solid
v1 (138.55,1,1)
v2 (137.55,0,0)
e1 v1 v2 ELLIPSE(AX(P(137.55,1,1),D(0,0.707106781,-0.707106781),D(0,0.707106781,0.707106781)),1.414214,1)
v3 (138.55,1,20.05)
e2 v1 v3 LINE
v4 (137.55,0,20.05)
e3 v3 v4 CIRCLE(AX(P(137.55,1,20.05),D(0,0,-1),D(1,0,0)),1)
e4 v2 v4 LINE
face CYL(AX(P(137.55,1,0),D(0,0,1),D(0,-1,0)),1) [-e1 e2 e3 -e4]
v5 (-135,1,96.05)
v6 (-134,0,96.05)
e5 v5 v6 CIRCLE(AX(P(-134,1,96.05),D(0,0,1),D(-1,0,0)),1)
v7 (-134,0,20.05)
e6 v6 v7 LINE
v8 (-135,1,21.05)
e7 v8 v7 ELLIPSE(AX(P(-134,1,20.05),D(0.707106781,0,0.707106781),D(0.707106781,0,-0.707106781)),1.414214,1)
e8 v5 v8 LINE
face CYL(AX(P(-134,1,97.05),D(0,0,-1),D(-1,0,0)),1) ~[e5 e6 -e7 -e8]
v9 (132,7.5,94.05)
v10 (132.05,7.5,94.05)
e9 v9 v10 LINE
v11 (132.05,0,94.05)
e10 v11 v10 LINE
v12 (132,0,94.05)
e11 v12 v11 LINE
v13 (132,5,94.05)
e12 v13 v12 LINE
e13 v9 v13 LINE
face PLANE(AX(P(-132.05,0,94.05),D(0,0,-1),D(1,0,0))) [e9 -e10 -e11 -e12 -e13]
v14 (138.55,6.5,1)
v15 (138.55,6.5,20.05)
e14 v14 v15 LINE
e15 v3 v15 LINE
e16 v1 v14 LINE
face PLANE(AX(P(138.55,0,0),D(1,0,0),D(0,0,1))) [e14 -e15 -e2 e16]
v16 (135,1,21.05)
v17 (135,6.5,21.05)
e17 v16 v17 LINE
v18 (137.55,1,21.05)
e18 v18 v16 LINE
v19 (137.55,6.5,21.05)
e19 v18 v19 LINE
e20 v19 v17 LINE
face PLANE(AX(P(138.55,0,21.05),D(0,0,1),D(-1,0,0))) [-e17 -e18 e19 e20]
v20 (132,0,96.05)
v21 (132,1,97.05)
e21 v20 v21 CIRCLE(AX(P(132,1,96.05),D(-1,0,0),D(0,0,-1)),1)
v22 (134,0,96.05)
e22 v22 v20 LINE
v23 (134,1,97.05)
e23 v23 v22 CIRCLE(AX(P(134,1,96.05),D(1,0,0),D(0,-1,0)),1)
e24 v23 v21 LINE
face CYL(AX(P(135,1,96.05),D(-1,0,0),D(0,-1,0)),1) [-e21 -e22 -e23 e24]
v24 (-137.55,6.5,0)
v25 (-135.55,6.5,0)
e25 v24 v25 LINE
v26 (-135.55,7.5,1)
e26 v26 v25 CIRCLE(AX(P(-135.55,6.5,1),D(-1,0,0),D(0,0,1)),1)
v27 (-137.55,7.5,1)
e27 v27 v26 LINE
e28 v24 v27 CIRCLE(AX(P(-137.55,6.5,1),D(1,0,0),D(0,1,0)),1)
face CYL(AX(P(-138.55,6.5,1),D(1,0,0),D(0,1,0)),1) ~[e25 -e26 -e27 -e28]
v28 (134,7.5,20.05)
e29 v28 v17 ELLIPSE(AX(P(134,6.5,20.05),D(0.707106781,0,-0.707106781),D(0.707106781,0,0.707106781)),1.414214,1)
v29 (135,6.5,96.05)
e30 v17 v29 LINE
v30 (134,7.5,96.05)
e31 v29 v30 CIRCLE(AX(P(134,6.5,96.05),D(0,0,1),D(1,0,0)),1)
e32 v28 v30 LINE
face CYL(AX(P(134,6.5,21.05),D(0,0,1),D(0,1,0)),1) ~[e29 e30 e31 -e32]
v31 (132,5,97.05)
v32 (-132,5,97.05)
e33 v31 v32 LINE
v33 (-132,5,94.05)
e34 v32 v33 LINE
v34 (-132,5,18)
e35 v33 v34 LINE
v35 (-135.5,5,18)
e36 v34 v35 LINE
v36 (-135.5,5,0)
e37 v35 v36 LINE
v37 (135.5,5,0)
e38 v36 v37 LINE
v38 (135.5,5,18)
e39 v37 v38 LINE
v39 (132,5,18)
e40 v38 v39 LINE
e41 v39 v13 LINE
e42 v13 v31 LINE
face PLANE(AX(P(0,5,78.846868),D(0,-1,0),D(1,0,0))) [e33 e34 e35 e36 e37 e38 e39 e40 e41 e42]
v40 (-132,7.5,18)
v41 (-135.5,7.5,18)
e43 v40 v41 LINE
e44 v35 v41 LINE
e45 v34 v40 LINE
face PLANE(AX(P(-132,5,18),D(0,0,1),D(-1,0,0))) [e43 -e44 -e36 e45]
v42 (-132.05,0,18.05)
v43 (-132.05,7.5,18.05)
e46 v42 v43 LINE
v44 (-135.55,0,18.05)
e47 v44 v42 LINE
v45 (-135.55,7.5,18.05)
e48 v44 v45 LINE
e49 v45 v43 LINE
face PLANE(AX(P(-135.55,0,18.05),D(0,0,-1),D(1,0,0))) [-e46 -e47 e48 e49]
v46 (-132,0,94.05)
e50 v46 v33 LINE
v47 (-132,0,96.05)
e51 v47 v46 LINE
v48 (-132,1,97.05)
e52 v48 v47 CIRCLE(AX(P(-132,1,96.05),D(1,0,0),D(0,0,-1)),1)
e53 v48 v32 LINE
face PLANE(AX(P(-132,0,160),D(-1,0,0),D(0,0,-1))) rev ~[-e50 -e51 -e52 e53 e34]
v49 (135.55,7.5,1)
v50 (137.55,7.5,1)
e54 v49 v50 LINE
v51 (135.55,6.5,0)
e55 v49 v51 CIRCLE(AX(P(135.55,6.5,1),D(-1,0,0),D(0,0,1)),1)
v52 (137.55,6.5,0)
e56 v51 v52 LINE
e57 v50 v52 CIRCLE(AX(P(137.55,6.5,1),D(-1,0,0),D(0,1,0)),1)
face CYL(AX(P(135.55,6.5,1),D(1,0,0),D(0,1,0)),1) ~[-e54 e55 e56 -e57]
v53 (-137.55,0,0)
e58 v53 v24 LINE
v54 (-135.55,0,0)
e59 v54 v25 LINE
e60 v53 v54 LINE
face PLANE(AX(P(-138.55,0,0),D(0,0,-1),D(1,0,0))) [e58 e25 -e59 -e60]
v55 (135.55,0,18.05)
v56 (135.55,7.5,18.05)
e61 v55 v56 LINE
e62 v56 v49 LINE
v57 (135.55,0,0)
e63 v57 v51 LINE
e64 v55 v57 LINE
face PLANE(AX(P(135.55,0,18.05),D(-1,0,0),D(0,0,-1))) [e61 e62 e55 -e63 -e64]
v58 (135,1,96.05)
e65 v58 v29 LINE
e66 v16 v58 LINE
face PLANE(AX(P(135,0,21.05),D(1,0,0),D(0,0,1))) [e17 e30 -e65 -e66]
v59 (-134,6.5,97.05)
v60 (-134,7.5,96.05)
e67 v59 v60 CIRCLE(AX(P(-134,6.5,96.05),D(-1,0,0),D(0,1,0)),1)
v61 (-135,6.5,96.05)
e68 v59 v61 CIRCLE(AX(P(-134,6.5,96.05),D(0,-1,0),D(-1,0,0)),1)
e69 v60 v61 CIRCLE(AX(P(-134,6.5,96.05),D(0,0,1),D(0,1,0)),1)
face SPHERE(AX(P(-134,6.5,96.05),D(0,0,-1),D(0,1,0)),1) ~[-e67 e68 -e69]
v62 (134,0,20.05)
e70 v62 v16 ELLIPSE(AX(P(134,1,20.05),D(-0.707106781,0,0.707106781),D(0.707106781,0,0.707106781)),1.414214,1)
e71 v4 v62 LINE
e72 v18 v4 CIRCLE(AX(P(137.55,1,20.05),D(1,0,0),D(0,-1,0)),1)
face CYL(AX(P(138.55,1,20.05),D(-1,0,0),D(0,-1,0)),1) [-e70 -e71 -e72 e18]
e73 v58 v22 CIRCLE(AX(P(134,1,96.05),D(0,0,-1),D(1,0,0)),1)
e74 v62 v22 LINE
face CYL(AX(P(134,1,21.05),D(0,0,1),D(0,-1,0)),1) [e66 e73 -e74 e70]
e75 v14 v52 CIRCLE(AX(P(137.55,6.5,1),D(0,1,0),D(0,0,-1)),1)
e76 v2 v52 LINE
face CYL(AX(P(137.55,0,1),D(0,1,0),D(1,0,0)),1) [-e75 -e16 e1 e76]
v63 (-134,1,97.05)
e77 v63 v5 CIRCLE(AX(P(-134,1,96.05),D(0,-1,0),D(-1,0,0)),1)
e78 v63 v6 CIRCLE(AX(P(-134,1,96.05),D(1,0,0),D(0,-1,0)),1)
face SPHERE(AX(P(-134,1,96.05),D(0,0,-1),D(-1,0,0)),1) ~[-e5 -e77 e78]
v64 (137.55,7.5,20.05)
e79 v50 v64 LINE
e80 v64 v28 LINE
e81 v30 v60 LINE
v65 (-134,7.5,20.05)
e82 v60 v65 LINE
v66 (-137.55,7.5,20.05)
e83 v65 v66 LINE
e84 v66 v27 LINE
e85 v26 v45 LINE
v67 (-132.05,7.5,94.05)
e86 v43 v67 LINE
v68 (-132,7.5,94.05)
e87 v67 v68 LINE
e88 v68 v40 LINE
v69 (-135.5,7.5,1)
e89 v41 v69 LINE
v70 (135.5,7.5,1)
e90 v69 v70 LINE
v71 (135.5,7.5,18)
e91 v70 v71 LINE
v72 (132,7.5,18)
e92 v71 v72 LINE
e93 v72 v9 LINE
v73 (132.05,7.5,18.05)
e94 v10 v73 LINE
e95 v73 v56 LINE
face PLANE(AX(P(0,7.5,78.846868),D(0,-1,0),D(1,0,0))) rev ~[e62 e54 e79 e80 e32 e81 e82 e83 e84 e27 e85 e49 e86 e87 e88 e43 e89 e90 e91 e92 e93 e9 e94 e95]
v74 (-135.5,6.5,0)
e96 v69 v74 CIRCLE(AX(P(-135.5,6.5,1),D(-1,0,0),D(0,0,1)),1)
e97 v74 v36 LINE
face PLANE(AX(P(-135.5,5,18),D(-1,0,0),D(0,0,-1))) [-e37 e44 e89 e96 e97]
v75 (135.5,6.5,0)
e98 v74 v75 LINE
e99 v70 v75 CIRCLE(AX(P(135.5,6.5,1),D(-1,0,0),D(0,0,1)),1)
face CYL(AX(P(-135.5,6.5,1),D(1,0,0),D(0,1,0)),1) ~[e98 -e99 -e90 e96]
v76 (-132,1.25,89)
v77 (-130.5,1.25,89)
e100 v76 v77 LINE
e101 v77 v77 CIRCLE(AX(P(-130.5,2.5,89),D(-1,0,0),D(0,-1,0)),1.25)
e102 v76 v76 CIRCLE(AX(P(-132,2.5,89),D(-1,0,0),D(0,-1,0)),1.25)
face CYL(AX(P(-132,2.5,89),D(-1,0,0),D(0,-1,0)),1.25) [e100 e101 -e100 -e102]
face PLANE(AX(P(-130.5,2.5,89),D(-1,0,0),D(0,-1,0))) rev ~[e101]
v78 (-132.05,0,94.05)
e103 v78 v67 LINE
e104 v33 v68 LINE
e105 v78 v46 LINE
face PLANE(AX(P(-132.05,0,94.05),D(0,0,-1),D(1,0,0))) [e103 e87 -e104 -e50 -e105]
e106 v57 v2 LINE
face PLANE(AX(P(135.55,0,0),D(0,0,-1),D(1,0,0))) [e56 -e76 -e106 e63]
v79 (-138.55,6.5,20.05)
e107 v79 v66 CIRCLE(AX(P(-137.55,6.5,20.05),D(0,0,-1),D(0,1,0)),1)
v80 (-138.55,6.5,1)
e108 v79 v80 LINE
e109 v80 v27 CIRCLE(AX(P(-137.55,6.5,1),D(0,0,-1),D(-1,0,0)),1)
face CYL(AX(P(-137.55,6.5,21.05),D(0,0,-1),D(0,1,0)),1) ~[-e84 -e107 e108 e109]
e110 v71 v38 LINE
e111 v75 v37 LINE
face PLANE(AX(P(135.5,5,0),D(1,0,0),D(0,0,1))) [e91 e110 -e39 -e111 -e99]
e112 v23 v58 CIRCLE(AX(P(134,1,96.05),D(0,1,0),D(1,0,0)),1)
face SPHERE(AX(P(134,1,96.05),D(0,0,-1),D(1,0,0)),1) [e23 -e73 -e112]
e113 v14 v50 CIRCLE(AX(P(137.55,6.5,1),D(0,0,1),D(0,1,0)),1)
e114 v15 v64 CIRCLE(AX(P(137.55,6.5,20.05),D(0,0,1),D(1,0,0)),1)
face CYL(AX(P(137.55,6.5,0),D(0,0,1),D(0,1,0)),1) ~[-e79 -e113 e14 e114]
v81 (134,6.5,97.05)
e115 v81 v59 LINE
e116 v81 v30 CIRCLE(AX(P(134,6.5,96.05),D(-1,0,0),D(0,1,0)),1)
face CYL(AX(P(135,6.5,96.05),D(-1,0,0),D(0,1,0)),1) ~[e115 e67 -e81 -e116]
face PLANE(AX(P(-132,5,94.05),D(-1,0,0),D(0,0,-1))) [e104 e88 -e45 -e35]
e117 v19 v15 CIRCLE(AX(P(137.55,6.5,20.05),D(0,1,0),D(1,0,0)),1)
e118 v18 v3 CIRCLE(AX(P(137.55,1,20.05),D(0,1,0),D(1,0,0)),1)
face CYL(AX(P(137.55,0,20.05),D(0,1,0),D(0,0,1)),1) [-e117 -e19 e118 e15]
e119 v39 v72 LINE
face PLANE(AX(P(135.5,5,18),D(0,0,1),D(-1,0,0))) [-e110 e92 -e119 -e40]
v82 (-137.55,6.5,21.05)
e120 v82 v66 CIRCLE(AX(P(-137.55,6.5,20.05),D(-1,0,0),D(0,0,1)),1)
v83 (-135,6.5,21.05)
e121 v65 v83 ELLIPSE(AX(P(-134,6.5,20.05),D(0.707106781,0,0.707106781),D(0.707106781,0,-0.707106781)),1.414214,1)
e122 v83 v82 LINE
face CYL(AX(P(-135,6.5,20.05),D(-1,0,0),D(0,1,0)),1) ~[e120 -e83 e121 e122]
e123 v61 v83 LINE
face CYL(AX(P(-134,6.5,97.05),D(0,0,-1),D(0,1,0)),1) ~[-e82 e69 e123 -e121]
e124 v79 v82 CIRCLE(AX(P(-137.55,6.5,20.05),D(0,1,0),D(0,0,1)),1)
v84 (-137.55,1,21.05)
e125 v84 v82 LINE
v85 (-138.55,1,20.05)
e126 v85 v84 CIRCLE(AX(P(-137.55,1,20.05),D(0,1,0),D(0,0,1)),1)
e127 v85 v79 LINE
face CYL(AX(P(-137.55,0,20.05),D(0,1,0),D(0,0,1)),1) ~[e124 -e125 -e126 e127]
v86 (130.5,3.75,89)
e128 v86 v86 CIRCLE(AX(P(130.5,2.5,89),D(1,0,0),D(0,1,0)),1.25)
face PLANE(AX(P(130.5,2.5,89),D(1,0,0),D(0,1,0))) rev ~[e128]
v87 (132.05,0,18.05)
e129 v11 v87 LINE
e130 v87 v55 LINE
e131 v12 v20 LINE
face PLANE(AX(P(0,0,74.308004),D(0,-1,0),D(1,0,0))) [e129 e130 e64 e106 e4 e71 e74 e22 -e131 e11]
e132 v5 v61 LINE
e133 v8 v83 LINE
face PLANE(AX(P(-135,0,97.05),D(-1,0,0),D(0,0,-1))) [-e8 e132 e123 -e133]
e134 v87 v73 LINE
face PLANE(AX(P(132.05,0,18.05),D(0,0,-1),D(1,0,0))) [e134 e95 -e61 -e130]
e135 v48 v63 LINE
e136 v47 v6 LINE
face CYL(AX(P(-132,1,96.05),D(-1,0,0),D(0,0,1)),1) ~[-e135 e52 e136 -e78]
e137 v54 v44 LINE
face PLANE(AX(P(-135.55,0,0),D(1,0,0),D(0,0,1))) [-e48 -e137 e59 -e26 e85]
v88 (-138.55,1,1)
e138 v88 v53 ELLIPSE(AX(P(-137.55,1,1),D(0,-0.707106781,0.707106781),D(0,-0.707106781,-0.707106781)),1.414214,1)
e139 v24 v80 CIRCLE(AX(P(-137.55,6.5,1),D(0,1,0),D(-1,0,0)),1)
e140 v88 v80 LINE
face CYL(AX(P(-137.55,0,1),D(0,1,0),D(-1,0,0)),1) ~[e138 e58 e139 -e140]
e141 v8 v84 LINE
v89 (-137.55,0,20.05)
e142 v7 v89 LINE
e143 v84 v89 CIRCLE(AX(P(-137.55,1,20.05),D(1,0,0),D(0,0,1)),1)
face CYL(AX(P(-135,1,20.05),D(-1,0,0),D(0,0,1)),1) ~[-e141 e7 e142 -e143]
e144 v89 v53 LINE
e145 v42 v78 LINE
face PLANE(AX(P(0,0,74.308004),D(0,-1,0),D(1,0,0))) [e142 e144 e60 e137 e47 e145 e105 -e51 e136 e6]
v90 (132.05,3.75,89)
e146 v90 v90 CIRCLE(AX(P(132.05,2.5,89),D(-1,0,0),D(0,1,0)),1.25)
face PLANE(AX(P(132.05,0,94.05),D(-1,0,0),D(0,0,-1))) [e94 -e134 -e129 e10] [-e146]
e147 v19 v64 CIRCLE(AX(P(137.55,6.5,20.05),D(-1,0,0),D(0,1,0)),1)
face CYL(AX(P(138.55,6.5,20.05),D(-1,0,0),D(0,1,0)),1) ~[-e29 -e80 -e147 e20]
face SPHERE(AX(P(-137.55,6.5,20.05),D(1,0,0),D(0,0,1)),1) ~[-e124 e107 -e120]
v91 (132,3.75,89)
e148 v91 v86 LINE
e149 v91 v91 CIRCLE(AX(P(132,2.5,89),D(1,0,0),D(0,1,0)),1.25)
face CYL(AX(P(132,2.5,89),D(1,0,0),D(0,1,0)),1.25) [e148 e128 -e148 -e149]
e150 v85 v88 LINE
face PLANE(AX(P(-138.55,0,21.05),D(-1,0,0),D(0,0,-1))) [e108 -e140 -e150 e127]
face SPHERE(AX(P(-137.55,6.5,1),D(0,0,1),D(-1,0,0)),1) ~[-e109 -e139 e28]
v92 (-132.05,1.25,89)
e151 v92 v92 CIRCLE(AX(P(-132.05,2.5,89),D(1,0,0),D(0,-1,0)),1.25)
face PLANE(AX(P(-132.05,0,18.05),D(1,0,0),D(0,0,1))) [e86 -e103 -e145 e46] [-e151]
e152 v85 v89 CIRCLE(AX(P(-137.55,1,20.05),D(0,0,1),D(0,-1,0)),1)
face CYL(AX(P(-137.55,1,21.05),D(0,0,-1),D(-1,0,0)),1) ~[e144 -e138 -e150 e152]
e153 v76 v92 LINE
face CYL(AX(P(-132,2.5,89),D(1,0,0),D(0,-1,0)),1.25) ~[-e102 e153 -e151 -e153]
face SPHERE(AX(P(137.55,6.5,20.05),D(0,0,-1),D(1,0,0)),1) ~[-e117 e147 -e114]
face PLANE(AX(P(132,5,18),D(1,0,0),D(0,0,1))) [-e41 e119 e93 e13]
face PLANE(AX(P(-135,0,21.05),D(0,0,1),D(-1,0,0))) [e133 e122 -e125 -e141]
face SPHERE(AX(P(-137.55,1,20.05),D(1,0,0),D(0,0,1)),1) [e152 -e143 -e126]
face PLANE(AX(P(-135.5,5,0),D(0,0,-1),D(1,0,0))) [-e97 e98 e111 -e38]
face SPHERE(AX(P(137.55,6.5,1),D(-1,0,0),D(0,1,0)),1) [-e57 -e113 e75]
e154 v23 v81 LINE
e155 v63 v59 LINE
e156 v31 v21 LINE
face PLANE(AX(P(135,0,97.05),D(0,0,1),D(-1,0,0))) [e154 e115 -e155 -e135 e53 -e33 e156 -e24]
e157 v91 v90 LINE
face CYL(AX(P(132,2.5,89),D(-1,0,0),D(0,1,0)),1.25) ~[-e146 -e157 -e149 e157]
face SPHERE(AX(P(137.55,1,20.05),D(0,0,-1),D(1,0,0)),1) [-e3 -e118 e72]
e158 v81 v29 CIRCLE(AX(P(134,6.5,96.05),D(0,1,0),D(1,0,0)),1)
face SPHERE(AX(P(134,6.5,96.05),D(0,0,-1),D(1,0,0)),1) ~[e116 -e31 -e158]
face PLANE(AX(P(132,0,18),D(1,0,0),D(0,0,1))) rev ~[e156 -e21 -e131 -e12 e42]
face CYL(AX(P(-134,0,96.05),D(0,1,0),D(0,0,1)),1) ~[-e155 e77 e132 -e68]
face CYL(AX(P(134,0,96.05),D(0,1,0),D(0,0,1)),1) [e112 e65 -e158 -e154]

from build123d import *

# Parameters (mm, degrees)
F1_DEPTH = 5
F5_DEPTH = 7.5
F6_DEPTH = 2.5
F7_DEPTH = 5
F3_R     = 1.25
F4_R     = 1.25
F8_DEPTH = 1.5
F9_DEPTH = 1.5
F10_R    = 1


with BuildPart() as f1:
    # F0 (on Front) → F1 (new body)
    with BuildSketch(Plane.XZ):
        Polygon((-135.5, 0), (0, 0), (135.5, 0), (135.5, 18), (132, 18), (132, 160), (-132, 160), (-132, 18), (-135.5, 18), align=None)
    extrude(amount=-F1_DEPTH)

    # F2 (on face) → F5 (join)
    with BuildSketch(Plane.XZ):
        Polygon((-138.55, 0), (-135.55, 0), (-135.55, 18.05), (-132.05, 18.05), (-132.05, 94.05), (132.05, 94.05), (132.05, 18.05), (135.55, 18.05), (135.55, 0), (138.55, 0), (138.55, 21.05), (135, 21.05), (135, 97.05), (-135, 97.05), (-135, 21.05), (-138.55, 21.05), align=None)
    extrude(amount=-F5_DEPTH)

    # F6 (add): a face of the model
    f6_faces = [f1.faces().sort_by_distance(p)[0] for p in [
        (0, 5, 46.8330099538),
    ]]
    extrude(f6_faces, amount=F6_DEPTH)

    # F0 (on Front) → F7 (cut)
    with BuildSketch(Plane.XZ):
        Polygon((-135.5, 0), (0, 0), (135.5, 0), (135.5, 18), (132, 18), (132, 160), (-132, 160), (-132, 18), (-135.5, 18), align=None)
    extrude(amount=-F7_DEPTH, mode=Mode.SUBTRACT)

    # F3 (on face) + F4 (on face) → F8 (join)
    with BuildSketch(Plane.YZ.offset(132)):
        with Locations((2.5, 89)):
            Circle(F3_R)
    with BuildSketch(Plane(origin=(-132, 0, 0), x_dir=(0, -1, 0), z_dir=(-1, 0, 0))):
        with Locations((-2.5, 89)):
            Circle(F4_R)
    extrude(amount=F8_DEPTH, dir=(1, 0, 0))

    # F3 (on face) + F4 (on face) → F9 (join)
    with BuildSketch(Plane.YZ.offset(132)):
        with Locations((2.5, 89)):
            Circle(F3_R)
    with BuildSketch(Plane(origin=(-132, 0, 0), x_dir=(0, -1, 0), z_dir=(-1, 0, 0))):
        with Locations((-2.5, 89)):
            Circle(F4_R)
    extrude(amount=-F9_DEPTH, dir=(1, 0, 0))

    # F10
    f10_edges = [f1.edges().sort_by_distance(p)[0] for p in [
        (-135, 0, 59.05),
        (-135, 7.5, 59.05),
        (135, 7.5, 59.05),
        (135, 0, 59.05),
        (135, 3.75, 97.05),
        (0, 7.5, 97.05),
        (-135, 3.75, 97.05),
        (-136.775, 0, 21.05),
        (-136.775, 7.5, 21.05),
        (-138.55, 3.75, 21.05),
        (-138.55, 0, 10.525),
        (-138.55, 7.5, 10.525),
        (-138.55, 3.75, 0),
        (0, 7.5, 0),
        (-137.05, 7.5, 0),
        (137.05, 7.5, 0),
        (138.55, 7.5, 10.525),
        (138.55, 3.75, 0),
        (138.55, 0, 10.525),
        (138.55, 3.75, 21.05),
        (136.775, 0, 21.05),
        (136.775, 7.5, 21.05),
        (133.5, 0, 97.05),
        (-133.5, 0, 97.05),
    ]]
    fillet(f10_edges, radius=F10_R)


solid = f1.part
